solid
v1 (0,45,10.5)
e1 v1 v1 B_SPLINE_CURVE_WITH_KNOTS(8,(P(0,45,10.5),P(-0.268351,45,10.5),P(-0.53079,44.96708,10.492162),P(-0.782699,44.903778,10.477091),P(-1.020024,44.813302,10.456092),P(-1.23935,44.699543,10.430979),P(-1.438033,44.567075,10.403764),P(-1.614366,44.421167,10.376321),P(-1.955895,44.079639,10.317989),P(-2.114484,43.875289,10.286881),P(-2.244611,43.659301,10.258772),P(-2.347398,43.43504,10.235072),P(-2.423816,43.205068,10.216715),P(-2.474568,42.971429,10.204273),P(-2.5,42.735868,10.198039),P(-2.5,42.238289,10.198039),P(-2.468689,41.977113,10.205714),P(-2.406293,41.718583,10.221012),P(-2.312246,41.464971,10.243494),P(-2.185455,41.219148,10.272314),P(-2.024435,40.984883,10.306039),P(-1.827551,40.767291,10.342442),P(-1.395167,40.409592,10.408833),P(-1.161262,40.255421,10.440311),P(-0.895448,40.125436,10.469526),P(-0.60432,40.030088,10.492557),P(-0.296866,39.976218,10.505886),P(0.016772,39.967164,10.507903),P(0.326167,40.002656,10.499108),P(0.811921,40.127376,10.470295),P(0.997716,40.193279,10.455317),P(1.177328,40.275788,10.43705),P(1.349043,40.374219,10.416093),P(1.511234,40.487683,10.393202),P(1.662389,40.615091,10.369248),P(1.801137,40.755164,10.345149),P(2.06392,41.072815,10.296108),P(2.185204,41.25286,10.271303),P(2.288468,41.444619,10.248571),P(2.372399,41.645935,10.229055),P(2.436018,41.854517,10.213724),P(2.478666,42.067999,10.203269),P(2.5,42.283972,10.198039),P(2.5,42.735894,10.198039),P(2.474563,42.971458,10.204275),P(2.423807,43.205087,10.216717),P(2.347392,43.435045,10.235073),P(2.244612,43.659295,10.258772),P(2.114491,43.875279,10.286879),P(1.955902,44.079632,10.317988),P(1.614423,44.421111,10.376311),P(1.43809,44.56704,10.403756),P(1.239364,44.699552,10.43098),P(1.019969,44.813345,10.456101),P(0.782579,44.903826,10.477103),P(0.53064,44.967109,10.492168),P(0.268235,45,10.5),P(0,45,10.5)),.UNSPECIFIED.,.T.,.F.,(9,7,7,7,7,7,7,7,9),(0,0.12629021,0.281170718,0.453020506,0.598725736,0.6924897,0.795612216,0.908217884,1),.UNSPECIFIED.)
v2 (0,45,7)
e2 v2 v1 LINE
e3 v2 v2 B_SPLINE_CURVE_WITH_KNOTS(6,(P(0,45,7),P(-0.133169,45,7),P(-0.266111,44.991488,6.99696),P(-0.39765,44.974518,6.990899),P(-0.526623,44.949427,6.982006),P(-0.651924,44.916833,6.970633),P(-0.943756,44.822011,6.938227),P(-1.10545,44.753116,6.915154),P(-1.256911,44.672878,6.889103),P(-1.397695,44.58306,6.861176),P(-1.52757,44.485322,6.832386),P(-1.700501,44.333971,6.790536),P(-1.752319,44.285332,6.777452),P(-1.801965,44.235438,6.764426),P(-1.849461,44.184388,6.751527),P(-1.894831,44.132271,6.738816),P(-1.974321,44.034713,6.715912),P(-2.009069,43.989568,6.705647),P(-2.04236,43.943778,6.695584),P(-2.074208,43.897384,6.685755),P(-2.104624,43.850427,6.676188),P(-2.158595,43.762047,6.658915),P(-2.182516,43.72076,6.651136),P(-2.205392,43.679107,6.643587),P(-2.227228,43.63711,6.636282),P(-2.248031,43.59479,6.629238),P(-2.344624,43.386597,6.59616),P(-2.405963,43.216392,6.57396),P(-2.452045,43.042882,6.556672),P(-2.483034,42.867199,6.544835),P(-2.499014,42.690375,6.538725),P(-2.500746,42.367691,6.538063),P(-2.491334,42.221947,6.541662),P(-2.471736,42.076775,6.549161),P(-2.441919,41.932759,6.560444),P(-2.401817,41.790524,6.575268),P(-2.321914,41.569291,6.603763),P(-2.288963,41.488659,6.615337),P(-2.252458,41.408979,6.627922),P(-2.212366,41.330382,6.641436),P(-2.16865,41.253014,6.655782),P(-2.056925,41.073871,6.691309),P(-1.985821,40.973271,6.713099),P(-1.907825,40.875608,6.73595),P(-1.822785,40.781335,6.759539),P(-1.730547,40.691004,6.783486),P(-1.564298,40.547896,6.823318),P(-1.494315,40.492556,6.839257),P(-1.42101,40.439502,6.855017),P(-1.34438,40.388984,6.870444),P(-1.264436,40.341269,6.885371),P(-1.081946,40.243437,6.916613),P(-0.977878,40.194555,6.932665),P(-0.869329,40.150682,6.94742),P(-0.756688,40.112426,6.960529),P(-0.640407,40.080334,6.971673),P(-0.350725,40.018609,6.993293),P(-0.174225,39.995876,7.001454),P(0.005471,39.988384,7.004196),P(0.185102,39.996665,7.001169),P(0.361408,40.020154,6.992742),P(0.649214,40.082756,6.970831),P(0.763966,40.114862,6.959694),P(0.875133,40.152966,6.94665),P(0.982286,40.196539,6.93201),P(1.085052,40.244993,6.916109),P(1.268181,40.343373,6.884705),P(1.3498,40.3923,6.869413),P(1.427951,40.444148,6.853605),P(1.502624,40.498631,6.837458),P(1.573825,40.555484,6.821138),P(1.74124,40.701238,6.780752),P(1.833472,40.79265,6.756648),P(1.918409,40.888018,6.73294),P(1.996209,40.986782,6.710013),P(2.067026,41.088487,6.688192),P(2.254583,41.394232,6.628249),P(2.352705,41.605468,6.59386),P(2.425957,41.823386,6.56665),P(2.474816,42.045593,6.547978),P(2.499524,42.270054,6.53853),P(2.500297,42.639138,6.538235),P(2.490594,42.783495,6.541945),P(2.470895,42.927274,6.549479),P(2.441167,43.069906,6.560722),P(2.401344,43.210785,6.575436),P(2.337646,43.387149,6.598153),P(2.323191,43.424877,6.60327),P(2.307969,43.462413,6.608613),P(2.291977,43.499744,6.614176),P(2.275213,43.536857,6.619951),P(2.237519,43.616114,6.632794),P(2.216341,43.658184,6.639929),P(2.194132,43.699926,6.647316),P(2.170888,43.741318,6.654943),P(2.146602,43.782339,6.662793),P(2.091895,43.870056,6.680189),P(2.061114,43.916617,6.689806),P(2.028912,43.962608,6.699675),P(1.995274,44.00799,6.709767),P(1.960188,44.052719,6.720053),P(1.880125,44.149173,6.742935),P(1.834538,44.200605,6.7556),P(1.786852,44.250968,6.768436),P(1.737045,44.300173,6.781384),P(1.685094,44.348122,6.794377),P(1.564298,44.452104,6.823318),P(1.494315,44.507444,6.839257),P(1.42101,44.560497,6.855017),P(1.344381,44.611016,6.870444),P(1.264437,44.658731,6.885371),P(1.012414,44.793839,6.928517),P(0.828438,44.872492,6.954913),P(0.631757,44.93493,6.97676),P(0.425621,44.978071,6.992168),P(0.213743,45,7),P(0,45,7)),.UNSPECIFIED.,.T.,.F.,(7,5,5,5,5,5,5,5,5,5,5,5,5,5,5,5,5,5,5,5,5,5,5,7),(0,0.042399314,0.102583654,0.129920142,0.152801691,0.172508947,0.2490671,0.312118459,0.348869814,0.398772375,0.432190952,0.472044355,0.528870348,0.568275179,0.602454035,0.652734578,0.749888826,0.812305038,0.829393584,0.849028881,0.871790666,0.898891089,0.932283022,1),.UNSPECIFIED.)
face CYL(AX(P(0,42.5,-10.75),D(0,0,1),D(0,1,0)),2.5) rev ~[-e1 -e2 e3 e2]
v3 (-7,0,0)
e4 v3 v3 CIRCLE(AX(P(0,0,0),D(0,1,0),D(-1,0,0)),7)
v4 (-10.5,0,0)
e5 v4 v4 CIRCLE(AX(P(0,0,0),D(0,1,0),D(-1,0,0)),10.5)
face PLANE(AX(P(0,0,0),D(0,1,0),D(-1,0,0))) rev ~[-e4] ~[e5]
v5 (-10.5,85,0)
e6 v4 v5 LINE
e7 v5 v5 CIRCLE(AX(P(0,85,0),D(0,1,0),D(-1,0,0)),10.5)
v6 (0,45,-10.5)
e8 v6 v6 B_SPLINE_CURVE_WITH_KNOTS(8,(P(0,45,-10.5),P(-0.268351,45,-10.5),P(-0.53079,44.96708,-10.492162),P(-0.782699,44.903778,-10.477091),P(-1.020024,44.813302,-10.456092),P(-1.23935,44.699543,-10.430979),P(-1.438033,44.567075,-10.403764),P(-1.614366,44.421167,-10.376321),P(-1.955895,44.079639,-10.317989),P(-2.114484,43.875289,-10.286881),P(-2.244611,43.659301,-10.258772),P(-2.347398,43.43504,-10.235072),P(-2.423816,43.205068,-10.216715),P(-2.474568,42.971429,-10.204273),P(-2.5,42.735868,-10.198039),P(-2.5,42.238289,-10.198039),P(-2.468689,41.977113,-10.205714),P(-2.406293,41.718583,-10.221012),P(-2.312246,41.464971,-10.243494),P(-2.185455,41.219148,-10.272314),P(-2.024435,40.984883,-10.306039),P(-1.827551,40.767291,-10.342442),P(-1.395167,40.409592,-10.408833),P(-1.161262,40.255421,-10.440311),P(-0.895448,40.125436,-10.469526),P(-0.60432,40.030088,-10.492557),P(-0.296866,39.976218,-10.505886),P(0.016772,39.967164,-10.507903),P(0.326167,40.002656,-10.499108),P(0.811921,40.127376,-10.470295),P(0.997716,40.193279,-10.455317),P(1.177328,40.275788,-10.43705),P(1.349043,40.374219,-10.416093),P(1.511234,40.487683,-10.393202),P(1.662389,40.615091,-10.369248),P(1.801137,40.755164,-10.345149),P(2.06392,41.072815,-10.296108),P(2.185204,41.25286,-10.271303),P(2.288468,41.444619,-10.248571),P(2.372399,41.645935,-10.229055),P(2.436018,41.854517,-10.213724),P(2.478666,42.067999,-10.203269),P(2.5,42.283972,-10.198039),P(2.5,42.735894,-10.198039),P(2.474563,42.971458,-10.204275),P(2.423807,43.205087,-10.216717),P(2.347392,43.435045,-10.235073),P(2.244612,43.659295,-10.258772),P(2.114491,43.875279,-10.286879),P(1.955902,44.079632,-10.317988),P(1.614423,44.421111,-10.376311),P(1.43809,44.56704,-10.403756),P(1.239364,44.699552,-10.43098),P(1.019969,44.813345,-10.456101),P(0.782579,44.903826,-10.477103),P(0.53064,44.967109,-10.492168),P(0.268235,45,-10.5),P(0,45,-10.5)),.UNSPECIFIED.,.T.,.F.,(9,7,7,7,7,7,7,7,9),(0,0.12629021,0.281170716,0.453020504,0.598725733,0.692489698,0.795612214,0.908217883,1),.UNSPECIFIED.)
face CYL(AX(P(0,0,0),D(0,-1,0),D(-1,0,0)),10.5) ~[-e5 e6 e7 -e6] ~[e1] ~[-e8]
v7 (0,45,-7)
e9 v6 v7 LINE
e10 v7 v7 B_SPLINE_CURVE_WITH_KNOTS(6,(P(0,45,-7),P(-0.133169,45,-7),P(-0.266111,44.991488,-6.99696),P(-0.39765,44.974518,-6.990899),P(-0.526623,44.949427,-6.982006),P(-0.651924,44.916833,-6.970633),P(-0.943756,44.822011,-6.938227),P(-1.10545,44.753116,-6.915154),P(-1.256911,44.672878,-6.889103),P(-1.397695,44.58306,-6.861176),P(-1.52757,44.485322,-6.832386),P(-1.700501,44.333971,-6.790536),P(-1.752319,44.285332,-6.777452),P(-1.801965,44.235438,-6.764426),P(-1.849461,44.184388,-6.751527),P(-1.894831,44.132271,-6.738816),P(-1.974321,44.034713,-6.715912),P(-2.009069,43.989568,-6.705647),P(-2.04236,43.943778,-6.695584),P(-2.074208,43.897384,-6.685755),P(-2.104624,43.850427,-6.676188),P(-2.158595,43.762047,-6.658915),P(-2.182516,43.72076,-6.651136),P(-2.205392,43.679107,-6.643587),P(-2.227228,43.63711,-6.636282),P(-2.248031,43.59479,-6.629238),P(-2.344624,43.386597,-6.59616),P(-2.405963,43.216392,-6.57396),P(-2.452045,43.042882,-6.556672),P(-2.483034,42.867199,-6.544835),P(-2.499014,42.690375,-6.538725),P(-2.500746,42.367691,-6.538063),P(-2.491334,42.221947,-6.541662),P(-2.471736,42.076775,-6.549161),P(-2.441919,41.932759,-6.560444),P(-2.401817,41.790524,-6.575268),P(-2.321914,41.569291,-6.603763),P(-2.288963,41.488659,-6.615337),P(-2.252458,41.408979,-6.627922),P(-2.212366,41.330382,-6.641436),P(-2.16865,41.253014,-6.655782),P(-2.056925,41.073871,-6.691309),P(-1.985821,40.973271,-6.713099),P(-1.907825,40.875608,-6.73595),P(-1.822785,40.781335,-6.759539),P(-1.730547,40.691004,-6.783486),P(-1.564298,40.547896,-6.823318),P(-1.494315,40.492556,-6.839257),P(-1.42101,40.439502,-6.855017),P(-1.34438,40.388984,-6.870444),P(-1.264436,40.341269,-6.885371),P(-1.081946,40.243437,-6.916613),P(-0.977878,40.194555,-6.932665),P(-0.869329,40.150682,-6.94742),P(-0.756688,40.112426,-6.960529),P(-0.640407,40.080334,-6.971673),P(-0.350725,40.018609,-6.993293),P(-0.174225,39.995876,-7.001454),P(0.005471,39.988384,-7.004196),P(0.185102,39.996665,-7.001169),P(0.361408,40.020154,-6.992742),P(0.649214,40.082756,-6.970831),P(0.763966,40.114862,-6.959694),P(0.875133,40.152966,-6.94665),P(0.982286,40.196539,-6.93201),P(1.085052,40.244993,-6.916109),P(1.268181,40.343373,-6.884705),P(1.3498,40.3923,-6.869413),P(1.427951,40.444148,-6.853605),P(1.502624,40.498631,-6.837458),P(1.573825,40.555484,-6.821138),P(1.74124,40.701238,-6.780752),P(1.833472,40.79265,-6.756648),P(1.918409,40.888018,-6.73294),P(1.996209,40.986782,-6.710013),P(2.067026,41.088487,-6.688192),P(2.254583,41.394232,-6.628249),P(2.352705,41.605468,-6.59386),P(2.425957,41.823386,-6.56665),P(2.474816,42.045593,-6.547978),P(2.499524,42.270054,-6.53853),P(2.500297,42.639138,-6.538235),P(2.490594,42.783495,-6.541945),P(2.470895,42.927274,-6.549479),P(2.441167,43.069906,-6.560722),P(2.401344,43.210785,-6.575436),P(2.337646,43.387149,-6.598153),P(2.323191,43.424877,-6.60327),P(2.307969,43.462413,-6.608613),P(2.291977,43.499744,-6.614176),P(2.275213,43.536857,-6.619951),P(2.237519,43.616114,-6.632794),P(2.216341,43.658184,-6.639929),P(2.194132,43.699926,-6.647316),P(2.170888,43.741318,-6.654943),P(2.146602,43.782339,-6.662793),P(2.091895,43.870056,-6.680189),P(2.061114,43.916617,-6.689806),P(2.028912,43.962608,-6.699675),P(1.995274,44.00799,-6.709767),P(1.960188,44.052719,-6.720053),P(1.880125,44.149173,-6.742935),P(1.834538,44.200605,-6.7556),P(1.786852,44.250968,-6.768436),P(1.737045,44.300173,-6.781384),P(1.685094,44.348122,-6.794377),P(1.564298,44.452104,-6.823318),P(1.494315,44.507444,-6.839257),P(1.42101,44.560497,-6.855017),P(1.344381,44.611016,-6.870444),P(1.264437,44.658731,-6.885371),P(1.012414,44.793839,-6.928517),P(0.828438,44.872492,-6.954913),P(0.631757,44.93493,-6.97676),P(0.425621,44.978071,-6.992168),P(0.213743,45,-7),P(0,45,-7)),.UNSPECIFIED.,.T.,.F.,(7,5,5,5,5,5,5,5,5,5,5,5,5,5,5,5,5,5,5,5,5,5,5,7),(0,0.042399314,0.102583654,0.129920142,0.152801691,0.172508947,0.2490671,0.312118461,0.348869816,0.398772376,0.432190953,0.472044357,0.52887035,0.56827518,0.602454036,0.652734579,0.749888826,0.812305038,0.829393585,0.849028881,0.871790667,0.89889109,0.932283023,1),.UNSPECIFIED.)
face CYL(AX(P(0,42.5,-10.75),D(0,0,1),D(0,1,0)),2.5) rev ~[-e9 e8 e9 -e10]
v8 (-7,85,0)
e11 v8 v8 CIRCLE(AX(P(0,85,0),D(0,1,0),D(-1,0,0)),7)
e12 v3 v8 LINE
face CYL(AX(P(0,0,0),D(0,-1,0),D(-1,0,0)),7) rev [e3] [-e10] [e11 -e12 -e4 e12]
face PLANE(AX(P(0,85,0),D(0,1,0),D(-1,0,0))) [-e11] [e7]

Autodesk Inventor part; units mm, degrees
ref_plane "YZ Plane" through (0, 0, 0) normal (1, 0, 0) x (0, 1, 0)
ref_plane "XZ Plane" through (0, 0, 0) normal (0, 1, 0) x (-1, 0, 0)
sketch "Sketch1" plane through (0, 0, 0) normal (0, 1, 0) x (-1, 0, 0)
  circle A0 centre (0, 0) radius 10.5
  circle A1 centre (0, 0) radius 7
  dimension "d0" = 21
  dimension "d1" = 14
extrude "Extrusion1" add sketch "Sketch1" along normal blind 85
ref_plane "Work Plane1" through (0, 0, -10.75) normal (0, 0, -1) x (-1, 0, 0)
sketch "Sketch2" plane through (0, 0, -10.75) normal (0, 0, -1) x (-1, 0, 0)
  line L0 (10.5, 0) -> (-10.5, 0) projected
  point P0 (0, 0)
  point P1 (0, 42.5)
  dimension "d5" = 42.5
hole "Hole1" at (0, 42.5, -10.75) direction (0, 0, 1) diameter 5 end through all
properties part number "212.1"
